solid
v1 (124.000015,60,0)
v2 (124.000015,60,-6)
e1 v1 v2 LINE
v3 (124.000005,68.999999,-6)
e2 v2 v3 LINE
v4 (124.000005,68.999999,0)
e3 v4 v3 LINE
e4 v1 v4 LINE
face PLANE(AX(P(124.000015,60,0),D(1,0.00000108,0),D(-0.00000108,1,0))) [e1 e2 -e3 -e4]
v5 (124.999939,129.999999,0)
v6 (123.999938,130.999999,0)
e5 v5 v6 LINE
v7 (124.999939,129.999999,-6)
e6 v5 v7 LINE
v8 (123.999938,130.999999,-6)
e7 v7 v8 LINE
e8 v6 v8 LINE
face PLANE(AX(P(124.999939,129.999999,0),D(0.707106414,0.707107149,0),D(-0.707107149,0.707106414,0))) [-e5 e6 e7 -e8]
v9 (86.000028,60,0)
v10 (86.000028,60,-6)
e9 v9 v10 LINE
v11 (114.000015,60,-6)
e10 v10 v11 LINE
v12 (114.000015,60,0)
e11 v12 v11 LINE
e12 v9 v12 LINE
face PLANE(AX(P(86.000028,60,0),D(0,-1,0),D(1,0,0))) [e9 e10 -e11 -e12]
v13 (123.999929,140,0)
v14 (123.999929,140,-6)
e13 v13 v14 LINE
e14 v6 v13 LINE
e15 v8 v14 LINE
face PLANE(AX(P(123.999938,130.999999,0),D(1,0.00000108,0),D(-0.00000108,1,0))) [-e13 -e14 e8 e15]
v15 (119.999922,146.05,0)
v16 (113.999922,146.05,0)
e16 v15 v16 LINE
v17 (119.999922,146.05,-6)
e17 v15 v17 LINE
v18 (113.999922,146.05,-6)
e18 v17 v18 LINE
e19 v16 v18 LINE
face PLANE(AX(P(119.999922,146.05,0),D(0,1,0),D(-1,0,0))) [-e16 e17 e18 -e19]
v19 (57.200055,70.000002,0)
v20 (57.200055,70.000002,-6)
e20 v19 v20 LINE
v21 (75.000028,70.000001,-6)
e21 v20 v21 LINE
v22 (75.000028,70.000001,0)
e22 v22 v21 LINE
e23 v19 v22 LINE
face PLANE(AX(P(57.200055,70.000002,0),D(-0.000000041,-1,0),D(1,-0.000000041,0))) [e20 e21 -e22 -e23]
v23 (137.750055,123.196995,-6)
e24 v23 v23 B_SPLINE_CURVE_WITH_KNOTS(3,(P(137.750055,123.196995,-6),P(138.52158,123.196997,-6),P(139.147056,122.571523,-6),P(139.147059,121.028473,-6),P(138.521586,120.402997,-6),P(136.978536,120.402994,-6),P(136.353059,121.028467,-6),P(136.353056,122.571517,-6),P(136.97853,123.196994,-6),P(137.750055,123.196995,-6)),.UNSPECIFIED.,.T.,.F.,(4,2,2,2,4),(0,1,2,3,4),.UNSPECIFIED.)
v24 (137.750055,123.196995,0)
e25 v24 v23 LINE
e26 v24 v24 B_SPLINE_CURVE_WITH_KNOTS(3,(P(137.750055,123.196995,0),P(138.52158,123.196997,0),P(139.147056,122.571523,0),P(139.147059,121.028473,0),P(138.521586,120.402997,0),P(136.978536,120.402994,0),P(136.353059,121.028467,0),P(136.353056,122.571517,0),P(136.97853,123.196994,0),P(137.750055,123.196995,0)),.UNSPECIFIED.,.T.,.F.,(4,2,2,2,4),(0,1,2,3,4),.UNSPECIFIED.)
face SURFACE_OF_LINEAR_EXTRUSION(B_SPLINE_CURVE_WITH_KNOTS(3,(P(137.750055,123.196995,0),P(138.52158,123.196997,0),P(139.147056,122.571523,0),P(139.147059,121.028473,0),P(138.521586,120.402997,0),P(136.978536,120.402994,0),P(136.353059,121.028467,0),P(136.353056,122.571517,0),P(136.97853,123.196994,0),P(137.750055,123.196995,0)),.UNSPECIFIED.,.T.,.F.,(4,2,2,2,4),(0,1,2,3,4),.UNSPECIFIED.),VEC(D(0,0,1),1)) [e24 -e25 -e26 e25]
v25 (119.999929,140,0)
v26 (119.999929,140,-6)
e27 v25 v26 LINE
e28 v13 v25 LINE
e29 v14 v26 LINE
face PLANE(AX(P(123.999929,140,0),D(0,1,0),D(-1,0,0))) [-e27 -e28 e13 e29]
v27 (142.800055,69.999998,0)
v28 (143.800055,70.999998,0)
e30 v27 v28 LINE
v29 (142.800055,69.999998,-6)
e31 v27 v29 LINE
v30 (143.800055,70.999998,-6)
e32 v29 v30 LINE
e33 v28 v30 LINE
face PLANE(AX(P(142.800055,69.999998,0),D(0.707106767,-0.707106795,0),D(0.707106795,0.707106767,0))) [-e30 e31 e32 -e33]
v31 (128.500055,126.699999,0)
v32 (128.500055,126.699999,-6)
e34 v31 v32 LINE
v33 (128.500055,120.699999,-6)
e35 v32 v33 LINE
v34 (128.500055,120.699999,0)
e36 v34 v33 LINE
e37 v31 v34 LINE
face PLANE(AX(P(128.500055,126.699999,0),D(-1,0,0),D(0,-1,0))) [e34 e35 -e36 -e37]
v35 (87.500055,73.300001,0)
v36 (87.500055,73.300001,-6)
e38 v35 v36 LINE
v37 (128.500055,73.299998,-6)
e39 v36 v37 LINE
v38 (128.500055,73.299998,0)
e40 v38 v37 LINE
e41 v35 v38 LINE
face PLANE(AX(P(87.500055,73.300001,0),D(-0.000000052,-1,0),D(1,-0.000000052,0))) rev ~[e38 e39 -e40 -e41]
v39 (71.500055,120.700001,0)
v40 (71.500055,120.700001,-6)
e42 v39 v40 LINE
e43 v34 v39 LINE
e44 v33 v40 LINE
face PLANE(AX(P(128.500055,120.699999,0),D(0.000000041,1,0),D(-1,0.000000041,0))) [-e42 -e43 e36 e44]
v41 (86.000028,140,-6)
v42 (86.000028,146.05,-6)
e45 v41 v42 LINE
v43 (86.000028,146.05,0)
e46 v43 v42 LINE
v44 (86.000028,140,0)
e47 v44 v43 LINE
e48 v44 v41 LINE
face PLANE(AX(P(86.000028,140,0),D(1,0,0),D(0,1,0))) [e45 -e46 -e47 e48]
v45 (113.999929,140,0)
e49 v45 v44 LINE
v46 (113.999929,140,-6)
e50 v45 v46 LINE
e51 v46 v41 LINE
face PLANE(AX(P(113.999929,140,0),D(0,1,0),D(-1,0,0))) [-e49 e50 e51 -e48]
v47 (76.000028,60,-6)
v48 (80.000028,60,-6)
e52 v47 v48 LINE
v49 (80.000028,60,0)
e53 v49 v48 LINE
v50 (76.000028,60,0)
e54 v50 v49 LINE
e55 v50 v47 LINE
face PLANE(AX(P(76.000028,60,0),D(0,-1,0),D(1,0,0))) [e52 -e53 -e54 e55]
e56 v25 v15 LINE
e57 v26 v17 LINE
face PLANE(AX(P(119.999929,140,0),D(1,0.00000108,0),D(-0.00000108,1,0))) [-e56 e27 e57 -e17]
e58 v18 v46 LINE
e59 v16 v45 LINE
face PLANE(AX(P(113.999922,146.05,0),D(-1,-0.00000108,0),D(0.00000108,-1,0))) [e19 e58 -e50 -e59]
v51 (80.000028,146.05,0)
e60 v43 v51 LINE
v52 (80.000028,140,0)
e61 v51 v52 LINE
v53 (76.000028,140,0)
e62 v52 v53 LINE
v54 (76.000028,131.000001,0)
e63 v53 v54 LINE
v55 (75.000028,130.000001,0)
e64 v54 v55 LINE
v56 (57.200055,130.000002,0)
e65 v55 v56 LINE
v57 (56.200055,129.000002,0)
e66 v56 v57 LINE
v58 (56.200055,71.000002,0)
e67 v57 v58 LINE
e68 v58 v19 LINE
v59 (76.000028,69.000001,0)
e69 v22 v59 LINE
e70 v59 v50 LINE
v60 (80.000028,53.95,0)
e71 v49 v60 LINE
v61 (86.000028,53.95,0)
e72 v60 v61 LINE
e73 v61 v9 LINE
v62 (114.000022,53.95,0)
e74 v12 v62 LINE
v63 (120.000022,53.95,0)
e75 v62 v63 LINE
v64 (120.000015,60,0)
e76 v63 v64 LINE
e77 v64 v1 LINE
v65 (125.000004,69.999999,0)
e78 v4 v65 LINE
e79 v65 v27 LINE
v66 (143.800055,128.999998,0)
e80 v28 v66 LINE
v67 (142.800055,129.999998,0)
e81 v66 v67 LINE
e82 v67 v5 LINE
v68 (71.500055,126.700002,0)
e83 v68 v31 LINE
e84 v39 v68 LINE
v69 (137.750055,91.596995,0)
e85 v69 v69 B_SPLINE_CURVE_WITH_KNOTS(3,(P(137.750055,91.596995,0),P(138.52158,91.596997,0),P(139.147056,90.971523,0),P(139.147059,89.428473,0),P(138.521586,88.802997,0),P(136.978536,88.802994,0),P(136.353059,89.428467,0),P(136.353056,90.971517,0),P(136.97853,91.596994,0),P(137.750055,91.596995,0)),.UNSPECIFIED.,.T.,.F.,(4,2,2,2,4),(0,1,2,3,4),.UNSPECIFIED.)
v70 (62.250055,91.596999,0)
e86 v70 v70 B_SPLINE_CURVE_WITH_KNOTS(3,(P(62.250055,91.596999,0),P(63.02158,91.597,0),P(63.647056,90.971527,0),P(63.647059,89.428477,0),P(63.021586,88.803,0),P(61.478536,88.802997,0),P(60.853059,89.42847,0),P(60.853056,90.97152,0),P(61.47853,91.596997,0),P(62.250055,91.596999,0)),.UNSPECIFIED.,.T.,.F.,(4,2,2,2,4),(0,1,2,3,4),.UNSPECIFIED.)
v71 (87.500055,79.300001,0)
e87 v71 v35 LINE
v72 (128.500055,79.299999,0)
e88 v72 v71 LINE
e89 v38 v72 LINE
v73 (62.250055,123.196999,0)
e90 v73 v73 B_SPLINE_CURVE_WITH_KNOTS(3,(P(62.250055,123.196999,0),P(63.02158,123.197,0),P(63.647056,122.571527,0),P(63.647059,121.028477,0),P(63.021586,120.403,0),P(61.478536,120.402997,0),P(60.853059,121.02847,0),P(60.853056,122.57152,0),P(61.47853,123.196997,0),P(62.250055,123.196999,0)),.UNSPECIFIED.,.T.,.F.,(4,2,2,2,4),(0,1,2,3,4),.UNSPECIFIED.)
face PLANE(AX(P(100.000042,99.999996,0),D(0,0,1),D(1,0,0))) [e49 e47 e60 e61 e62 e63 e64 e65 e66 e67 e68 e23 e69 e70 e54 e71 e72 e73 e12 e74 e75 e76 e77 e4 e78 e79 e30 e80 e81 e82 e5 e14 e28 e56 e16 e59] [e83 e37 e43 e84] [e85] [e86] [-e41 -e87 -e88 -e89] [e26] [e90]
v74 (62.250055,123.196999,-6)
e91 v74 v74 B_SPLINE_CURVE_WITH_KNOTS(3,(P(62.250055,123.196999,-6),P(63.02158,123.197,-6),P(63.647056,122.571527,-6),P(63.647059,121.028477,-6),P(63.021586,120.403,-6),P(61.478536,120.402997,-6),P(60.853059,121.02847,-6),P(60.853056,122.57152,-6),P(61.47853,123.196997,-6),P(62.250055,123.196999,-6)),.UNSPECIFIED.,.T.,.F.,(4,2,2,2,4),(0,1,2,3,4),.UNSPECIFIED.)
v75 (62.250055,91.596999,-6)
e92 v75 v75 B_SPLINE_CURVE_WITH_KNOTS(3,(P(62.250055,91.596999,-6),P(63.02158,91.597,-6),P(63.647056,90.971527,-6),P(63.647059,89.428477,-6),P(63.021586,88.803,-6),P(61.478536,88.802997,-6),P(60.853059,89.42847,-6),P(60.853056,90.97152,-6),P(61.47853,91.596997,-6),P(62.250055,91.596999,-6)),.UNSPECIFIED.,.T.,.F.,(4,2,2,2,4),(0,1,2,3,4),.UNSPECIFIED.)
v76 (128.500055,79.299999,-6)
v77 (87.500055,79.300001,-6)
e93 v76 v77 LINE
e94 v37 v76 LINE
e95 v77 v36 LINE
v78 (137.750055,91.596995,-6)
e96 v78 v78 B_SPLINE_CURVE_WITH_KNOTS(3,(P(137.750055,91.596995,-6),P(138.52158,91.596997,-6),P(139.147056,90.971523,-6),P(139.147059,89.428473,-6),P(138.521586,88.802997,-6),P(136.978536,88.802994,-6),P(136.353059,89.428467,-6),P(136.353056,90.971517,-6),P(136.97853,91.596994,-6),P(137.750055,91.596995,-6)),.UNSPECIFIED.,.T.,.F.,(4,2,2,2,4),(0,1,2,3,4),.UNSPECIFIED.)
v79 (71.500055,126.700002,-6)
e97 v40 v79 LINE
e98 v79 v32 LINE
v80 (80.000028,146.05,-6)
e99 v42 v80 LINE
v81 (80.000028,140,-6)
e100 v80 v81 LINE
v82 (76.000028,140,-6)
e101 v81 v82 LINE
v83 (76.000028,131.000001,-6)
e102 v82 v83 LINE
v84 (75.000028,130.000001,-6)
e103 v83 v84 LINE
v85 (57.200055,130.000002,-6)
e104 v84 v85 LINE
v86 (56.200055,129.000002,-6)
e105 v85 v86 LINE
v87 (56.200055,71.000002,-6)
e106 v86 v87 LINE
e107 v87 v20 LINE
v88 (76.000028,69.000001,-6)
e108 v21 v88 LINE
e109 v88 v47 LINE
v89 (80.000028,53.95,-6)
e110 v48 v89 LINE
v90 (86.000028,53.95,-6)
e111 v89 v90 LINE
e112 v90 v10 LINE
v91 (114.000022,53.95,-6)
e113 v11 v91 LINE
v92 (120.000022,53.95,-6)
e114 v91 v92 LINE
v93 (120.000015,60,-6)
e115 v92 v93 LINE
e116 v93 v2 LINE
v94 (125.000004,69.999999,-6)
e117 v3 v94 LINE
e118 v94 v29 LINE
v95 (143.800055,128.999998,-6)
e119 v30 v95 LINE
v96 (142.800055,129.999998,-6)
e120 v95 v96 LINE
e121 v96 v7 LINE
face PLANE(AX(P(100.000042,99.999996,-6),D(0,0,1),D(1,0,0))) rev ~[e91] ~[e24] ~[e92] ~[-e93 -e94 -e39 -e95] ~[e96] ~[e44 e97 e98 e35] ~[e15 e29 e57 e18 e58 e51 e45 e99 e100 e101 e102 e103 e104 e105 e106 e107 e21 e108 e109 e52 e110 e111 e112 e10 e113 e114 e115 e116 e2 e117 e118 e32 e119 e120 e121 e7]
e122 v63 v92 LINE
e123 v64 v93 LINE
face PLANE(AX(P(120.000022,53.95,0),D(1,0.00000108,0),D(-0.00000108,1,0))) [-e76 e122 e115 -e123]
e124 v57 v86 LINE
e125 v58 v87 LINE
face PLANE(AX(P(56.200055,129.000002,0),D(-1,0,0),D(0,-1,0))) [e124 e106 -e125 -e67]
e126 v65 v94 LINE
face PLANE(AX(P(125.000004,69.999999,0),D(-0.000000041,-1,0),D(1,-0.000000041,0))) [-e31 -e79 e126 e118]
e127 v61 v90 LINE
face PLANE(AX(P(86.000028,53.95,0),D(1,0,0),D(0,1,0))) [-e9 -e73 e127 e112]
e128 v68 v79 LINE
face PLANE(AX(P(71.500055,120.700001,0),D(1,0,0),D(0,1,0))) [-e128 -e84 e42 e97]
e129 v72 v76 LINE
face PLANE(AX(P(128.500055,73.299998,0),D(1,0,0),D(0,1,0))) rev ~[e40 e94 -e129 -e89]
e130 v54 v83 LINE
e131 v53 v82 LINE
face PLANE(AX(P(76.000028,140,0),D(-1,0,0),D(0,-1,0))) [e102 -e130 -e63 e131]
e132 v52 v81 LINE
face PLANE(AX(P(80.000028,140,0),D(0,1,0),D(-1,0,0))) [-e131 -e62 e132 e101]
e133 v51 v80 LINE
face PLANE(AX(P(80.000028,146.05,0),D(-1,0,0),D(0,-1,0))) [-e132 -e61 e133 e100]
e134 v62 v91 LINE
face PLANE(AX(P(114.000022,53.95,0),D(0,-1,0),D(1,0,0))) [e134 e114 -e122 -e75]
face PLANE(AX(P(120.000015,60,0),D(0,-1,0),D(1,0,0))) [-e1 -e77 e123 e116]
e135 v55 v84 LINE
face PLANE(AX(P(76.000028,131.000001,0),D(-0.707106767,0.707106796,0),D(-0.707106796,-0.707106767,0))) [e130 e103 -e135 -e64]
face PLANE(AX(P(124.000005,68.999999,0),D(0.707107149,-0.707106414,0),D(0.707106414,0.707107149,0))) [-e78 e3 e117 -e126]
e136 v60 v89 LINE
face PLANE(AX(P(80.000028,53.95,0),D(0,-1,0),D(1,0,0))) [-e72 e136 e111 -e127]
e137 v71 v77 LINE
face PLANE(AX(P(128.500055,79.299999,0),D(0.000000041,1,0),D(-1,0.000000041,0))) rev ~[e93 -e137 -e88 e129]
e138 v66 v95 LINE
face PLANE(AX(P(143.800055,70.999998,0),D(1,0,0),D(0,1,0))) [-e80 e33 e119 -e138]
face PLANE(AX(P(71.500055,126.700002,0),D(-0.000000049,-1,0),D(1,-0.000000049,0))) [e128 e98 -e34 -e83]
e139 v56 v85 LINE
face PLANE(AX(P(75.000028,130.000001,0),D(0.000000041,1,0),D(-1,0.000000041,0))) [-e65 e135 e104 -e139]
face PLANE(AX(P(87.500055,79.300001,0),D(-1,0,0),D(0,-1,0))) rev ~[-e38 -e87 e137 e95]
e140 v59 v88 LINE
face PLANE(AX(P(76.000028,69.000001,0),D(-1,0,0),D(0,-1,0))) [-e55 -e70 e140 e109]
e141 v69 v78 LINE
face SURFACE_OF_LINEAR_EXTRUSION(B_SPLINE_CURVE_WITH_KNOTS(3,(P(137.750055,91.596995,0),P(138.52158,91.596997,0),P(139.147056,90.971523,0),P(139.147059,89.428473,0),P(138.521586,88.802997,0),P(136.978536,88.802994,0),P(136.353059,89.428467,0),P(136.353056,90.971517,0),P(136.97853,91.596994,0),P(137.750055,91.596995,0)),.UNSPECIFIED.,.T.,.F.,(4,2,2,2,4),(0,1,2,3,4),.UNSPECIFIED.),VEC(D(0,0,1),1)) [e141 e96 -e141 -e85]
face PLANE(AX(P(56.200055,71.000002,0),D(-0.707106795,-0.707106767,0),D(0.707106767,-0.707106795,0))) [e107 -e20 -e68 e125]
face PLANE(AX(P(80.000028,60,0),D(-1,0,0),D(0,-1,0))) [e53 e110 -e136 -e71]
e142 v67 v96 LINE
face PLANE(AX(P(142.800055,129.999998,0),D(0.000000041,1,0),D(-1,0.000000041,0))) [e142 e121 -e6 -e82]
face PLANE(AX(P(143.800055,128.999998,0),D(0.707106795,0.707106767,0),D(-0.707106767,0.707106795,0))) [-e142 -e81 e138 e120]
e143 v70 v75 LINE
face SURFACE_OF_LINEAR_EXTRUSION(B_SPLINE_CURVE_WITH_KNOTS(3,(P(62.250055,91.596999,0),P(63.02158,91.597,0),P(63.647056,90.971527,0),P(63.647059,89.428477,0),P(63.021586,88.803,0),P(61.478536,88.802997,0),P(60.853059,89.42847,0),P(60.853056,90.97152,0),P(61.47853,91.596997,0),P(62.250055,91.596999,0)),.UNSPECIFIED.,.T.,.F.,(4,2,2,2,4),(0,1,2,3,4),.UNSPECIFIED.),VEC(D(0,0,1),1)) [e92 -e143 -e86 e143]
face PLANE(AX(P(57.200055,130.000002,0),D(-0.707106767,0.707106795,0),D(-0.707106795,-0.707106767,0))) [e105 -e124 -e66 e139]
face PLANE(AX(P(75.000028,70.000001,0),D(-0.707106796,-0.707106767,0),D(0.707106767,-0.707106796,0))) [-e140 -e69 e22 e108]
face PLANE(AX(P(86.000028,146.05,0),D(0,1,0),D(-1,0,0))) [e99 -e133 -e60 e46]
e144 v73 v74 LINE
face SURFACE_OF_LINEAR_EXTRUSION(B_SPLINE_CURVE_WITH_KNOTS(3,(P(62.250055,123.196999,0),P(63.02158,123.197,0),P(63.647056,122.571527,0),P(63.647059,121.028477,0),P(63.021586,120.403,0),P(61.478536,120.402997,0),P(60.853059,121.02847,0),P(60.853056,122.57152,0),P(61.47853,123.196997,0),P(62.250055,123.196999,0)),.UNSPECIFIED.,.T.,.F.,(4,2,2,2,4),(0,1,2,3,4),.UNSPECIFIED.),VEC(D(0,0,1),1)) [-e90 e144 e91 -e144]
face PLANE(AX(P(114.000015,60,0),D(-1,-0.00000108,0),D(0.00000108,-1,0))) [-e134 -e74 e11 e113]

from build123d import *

# Parameters (mm, degrees)
SALIENTE_EXTRUIR1_DEPTH = 6


with BuildPart() as part:
    # Corte → Saliente-Extruir1 (new body)
    with BuildSketch(Plane.XY):
        Polygon((113.99992211, 146.05), (113.999928646, 140), (86.000028142, 140), (86.000028142, 146.05), (80.000028142, 146.05), (80.000028142, 140), (76.000028142, 140), (76.000028142, 131.000000972), (75.000028142, 130.000001013), (57.20005465, 130.000001734), (56.20005465, 129.000001774), (56.20005465, 71.000001774), (57.20005465, 70.000001734), (75.000028142, 70.000001013), (76.000028142, 69.000000972), (76.000028142, 60), (80.000028142, 60), (80.000028142, 53.95), (86.000028142, 53.95), (86.000028142, 60), (114.00001507, 60), (114.000021606, 53.95), (120.000021606, 53.95), (120.00001507, 60), (124.00001507, 60), (124.000005347, 68.999999028), (125.000004267, 69.999998987), (142.80005465, 69.999998266), (143.80005465, 70.999998226), (143.80005465, 128.999998226), (142.80005465, 129.999998266), (124.999939449, 129.999998987), (123.999938369, 130.999999028), (123.999928646, 140), (119.999928646, 140), (119.99992211, 146.05), align=None)
        Polygon((71.50005465, 126.700001641), (128.50005465, 126.699998845), (128.50005465, 120.699998845), (71.50005465, 120.700001155), align=None, mode=Mode.SUBTRACT)
        Polygon((87.50005465, 73.300000506), (128.50005465, 73.299998359), (128.50005465, 79.299998845), (87.50005465, 79.300000506), align=None, mode=Mode.SUBTRACT)
        with BuildLine():
            add(Edge.make_bspline(
                [(139.147057668, 90.199998471), (139.147059335, 89.428473471), (138.521585686, 88.802997119), (137.750060686, 88.802995452)],
                knots=[0, 0, 0, 0, 1, 1, 1, 1], degree=3))
            add(Edge.make_bspline(
                [(137.750060686, 88.802995452), (136.978535686, 88.802993785), (136.353059335, 89.428467434), (136.353057668, 90.199992434)],
                knots=[0, 0, 0, 0, 1, 1, 1, 1], degree=3))
            add(Edge.make_bspline(
                [(136.353057668, 90.199992434), (136.353056001, 90.971517434), (136.97852965, 91.596993785), (137.75005465, 91.596995452)],
                knots=[0, 0, 0, 0, 1, 1, 1, 1], degree=3))
            add(Edge.make_bspline(
                [(137.75005465, 91.596995452), (138.52157965, 91.596997119), (139.147056001, 90.971523471), (139.147057668, 90.199998471)],
                knots=[0, 0, 0, 0, 1, 1, 1, 1], degree=3))
        make_face(mode=Mode.SUBTRACT)
        with BuildLine():
            add(Edge.make_bspline(
                [(139.147057668, 121.799998471), (139.147059335, 121.028473471), (138.521585686, 120.402997119), (137.750060686, 120.402995452)],
                knots=[0, 0, 0, 0, 1, 1, 1, 1], degree=3))
            add(Edge.make_bspline(
                [(137.750060686, 120.402995452), (136.978535686, 120.402993785), (136.353059335, 121.028467434), (136.353057668, 121.799992434)],
                knots=[0, 0, 0, 0, 1, 1, 1, 1], degree=3))
            add(Edge.make_bspline(
                [(136.353057668, 121.799992434), (136.353056001, 122.571517434), (136.97852965, 123.196993785), (137.75005465, 123.196995452)],
                knots=[0, 0, 0, 0, 1, 1, 1, 1], degree=3))
            add(Edge.make_bspline(
                [(137.75005465, 123.196995452), (138.52157965, 123.196997119), (139.147056001, 122.571523471), (139.147057668, 121.799998471)],
                knots=[0, 0, 0, 0, 1, 1, 1, 1], degree=3))
        make_face(mode=Mode.SUBTRACT)
        with BuildLine():
            add(Edge.make_bspline(
                [(63.647057668, 121.800001529), (63.647059335, 121.028476529), (63.021585686, 120.403000178), (62.250060686, 120.402998511)],
                knots=[0, 0, 0, 0, 1, 1, 1, 1], degree=3))
            add(Edge.make_bspline(
                [(62.250060686, 120.402998511), (61.478535686, 120.402996844), (60.853059335, 121.028470493), (60.853057668, 121.799995493)],
                knots=[0, 0, 0, 0, 1, 1, 1, 1], degree=3))
            add(Edge.make_bspline(
                [(60.853057668, 121.799995493), (60.853056001, 122.571520493), (61.47852965, 123.196996844), (62.25005465, 123.196998511)],
                knots=[0, 0, 0, 0, 1, 1, 1, 1], degree=3))
            add(Edge.make_bspline(
                [(62.25005465, 123.196998511), (63.02157965, 123.197000178), (63.647056001, 122.571526529), (63.647057668, 121.800001529)],
                knots=[0, 0, 0, 0, 1, 1, 1, 1], degree=3))
        make_face(mode=Mode.SUBTRACT)
        with BuildLine():
            add(Edge.make_bspline(
                [(63.647057668, 90.200001529), (63.647059335, 89.428476529), (63.021585686, 88.803000178), (62.250060686, 88.802998511)],
                knots=[0, 0, 0, 0, 1, 1, 1, 1], degree=3))
            add(Edge.make_bspline(
                [(62.250060686, 88.802998511), (61.478535686, 88.802996844), (60.853059335, 89.428470493), (60.853057668, 90.199995493)],
                knots=[0, 0, 0, 0, 1, 1, 1, 1], degree=3))
            add(Edge.make_bspline(
                [(60.853057668, 90.199995493), (60.853056001, 90.971520493), (61.47852965, 91.596996844), (62.25005465, 91.596998511)],
                knots=[0, 0, 0, 0, 1, 1, 1, 1], degree=3))
            add(Edge.make_bspline(
                [(62.25005465, 91.596998511), (63.02157965, 91.597000178), (63.647056001, 90.971526529), (63.647057668, 90.200001529)],
                knots=[0, 0, 0, 0, 1, 1, 1, 1], degree=3))
        make_face(mode=Mode.SUBTRACT)
    extrude(amount=-SALIENTE_EXTRUIR1_DEPTH)


solid = part.part
